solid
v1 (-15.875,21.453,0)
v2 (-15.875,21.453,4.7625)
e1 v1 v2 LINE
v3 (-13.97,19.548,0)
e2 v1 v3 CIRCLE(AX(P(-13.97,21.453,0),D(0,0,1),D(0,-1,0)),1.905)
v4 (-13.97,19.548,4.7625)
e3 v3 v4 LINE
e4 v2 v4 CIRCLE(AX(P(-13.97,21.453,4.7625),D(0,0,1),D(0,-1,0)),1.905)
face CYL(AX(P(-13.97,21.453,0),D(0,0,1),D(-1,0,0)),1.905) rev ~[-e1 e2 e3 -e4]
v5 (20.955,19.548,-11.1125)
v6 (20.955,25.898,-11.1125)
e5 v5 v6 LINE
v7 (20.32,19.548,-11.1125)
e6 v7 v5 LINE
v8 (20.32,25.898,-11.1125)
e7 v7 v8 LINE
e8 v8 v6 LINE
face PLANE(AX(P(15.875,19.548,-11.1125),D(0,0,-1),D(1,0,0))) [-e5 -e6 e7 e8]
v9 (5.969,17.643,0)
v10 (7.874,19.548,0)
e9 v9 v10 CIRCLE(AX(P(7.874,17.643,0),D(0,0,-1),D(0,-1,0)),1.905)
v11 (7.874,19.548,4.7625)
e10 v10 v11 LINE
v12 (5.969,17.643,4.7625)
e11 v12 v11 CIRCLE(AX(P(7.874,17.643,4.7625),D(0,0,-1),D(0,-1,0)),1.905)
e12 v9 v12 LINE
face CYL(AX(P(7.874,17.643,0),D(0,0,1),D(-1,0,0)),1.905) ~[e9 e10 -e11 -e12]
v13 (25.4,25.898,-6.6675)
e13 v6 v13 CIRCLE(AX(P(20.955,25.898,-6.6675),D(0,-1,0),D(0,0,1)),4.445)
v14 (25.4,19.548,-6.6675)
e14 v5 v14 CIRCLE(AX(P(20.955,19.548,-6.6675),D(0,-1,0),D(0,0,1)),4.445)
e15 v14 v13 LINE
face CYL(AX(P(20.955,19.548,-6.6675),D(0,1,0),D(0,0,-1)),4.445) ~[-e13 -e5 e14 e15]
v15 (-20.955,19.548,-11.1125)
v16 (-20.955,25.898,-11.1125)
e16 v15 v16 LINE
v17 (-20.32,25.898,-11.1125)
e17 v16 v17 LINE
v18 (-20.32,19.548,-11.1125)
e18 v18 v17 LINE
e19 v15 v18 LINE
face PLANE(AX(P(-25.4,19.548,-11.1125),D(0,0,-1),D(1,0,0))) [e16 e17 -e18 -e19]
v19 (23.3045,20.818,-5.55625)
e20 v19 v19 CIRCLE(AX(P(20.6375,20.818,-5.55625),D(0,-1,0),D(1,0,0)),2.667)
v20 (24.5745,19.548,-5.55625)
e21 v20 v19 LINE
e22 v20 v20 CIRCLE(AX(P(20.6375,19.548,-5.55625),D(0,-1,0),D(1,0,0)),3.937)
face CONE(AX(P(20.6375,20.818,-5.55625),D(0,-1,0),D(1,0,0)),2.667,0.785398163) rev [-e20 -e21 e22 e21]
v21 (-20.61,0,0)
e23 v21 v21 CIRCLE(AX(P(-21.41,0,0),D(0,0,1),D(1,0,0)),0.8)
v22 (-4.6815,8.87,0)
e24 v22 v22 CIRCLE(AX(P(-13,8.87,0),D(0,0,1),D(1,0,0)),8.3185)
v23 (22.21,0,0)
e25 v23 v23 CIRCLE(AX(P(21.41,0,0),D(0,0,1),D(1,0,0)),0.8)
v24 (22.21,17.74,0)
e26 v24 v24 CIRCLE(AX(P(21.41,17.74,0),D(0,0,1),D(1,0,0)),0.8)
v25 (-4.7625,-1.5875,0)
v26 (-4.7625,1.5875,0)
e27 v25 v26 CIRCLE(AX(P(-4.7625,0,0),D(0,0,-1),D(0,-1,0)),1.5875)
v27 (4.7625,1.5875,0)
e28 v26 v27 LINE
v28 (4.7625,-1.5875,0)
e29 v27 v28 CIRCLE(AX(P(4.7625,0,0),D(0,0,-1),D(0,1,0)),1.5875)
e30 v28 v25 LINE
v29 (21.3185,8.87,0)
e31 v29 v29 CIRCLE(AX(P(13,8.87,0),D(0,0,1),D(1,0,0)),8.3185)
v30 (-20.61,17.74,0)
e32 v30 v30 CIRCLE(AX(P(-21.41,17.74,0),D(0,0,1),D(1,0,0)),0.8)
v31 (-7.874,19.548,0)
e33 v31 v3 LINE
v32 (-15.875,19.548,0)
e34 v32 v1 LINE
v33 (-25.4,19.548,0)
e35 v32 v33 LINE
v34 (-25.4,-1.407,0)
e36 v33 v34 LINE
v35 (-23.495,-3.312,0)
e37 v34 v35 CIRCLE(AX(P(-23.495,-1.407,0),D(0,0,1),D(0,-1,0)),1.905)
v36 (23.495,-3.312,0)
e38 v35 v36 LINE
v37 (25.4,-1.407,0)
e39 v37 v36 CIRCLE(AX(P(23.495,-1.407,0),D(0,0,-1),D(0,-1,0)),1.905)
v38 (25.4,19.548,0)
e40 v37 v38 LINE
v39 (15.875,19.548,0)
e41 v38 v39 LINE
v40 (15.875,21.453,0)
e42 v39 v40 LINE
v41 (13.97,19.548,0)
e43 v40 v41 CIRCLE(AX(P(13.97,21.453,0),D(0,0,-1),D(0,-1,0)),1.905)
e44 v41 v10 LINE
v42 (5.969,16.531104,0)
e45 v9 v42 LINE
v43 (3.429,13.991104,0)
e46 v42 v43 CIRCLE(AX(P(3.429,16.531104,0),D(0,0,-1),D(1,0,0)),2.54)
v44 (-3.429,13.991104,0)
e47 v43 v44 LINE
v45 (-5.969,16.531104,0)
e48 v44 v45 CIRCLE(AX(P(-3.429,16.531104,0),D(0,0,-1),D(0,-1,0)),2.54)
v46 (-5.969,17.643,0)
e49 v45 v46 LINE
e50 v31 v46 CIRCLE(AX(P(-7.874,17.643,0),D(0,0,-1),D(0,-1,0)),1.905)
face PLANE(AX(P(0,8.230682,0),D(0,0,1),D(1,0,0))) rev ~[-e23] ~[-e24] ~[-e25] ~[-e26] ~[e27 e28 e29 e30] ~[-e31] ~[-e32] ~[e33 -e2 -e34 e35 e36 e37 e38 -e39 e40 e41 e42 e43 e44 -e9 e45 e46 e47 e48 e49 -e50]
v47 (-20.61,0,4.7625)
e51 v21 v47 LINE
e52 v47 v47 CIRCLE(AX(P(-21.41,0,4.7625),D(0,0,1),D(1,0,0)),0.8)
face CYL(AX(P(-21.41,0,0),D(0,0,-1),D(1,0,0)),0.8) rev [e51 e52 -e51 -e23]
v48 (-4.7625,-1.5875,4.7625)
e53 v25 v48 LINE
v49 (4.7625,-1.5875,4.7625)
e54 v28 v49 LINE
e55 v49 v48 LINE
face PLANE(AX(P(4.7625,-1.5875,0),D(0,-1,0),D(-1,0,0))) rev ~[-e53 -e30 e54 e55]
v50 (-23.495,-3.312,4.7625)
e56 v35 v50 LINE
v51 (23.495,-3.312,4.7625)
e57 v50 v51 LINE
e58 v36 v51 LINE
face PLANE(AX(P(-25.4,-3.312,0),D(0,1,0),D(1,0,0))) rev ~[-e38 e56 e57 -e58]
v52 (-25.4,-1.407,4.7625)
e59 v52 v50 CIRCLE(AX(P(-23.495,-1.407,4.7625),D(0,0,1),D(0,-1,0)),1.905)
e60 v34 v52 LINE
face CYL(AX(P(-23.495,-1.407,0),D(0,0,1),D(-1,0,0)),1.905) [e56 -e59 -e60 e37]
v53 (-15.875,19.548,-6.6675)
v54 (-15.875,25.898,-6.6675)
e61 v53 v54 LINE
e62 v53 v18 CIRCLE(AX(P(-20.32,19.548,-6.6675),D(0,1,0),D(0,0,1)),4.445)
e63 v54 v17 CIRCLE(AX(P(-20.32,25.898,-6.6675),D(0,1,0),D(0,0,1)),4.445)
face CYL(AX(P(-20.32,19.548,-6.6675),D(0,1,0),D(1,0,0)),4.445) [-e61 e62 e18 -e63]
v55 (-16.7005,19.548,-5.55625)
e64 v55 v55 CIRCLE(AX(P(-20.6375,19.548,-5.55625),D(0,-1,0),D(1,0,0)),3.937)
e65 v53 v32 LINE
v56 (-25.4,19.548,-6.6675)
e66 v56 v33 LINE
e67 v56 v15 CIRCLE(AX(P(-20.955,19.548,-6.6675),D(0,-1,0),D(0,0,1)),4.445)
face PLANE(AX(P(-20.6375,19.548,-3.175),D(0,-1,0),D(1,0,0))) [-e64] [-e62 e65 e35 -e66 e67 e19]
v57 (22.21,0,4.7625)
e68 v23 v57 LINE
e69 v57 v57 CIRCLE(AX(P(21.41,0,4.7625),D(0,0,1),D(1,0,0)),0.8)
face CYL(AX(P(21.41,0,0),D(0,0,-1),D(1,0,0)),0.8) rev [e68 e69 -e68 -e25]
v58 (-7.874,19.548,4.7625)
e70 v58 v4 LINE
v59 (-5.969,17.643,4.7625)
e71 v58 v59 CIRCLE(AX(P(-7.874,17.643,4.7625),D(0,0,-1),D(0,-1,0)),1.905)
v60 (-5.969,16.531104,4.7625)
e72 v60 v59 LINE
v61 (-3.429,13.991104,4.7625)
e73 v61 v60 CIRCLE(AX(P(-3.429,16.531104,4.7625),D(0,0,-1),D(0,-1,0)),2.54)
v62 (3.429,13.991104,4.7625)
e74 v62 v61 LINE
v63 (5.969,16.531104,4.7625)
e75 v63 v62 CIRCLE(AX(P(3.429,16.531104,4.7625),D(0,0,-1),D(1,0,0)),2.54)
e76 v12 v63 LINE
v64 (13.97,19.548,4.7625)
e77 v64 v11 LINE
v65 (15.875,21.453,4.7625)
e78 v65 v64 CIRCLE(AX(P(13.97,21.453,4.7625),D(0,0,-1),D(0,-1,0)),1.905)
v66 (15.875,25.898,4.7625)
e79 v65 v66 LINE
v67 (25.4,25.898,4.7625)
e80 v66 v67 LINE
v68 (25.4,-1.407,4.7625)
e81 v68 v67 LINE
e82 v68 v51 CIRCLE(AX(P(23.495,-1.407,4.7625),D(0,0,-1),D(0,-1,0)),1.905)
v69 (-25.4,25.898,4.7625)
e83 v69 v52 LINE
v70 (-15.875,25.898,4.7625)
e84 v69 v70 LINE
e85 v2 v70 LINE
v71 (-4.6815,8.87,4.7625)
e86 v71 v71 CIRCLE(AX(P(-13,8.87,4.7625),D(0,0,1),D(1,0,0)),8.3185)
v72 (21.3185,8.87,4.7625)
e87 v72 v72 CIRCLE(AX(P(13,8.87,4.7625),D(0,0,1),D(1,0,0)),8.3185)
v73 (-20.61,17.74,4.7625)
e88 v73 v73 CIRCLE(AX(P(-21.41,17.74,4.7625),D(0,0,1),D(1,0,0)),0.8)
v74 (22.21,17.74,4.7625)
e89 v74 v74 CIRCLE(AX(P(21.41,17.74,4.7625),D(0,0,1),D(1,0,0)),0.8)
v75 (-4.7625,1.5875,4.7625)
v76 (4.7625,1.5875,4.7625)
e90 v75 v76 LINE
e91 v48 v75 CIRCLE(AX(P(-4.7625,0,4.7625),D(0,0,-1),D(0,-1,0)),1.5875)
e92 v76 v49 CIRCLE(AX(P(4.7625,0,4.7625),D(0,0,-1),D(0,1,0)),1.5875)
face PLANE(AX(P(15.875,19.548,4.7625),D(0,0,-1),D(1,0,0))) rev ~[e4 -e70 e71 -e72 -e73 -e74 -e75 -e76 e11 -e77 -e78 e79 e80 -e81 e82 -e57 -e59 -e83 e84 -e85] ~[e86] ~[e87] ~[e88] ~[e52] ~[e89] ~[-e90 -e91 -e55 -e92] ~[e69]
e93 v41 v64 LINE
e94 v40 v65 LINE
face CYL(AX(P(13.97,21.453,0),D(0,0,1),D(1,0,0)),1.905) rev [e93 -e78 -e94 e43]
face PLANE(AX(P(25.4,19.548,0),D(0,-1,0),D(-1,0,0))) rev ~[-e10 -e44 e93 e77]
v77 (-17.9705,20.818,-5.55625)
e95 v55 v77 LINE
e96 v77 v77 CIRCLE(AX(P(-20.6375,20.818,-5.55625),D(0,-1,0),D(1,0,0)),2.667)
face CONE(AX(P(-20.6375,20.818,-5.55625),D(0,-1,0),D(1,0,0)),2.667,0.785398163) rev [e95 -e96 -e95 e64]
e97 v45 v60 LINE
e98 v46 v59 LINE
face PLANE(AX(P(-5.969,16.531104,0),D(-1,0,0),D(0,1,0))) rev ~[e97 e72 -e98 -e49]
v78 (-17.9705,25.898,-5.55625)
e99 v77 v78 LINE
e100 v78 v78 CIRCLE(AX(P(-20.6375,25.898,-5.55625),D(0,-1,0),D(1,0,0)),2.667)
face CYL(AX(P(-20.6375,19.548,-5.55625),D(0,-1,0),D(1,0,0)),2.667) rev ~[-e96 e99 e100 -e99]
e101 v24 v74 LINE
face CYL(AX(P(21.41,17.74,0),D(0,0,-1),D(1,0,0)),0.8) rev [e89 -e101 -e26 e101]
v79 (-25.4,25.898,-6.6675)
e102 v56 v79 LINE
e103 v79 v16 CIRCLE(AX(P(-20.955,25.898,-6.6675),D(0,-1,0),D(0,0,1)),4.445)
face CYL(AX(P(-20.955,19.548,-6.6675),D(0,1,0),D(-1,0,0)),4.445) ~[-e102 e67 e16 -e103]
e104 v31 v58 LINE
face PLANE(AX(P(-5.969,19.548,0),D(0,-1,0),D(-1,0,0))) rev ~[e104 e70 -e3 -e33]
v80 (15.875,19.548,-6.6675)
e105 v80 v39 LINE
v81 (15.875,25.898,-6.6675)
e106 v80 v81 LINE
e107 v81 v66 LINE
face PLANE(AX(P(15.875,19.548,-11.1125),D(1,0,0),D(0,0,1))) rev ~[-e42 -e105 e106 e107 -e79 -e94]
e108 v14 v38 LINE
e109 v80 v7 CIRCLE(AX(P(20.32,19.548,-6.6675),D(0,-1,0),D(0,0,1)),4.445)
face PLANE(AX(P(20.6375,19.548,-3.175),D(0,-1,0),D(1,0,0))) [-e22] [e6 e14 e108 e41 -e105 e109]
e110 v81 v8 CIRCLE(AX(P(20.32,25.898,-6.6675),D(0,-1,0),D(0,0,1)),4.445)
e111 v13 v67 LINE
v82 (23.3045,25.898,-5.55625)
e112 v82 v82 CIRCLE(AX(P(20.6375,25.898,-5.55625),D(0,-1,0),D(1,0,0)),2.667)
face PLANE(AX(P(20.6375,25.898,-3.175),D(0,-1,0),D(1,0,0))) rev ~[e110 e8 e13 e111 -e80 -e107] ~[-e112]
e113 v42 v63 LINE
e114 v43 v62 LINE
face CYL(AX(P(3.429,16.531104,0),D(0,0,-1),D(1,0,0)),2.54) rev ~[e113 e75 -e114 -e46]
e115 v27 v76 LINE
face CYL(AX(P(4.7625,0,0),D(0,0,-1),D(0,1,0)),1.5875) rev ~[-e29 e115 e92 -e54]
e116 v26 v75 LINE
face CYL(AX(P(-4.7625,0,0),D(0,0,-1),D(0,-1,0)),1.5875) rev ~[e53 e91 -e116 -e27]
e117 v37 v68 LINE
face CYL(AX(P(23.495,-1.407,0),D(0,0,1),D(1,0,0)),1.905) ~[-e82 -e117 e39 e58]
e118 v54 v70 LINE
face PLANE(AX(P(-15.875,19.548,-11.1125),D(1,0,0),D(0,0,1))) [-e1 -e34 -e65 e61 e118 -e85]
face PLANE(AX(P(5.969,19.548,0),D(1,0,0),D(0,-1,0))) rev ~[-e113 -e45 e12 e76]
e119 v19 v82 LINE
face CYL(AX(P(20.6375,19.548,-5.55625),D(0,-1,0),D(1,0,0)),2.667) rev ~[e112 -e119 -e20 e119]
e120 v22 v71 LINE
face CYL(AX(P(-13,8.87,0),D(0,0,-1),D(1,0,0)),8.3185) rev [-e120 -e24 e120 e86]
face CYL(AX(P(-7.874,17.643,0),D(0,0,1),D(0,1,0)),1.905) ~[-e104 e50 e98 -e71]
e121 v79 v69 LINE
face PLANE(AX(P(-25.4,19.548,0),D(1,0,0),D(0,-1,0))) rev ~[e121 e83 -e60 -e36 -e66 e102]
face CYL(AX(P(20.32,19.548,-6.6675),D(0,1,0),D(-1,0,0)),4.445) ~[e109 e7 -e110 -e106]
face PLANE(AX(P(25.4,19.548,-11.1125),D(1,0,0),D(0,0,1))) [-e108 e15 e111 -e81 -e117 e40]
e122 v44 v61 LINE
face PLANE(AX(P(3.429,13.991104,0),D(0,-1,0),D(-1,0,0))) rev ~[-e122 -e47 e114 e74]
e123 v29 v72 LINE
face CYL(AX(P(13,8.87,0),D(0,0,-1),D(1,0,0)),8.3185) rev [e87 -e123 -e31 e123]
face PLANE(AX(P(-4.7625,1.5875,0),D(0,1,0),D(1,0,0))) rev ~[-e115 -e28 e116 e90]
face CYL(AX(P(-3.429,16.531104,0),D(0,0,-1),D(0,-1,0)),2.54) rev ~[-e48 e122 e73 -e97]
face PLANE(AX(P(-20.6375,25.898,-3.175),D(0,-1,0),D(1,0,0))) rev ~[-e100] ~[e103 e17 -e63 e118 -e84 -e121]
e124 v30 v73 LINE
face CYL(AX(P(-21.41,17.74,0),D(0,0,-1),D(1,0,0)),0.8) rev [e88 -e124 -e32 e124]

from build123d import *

# Parameters (mm, degrees)
SKETCH10_R          = 0.8
SKETCH10_R_2        = 8.3185
BOSS_EXTRUDE1_DEPTH = 4.7625
SKETCH11_W          = 9.525
SKETCH11_H          = 15.875
BOSS_EXTRUDE2_DEPTH = 6.35
FILLET1_R           = 1.905
SKETCH12_R          = 2.667
CUT_EXTRUDE1_DEPTH  = 7.35
FILLET2_R           = 4.445
CHAMFER1_SIZE       = 1.27


with BuildPart() as part:
    # Sketch10 → Boss-Extrude1 (new body)
    with BuildSketch(Plane.XY):
        with BuildLine():
            Line((5.969, 19.548), (5.969, 16.531104381))
            ThreePointArc((5.969, 16.531104381), (5.225051224, 14.735053157), (3.429, 13.991104381))
            Line((3.429, 13.991104381), (-3.429, 13.991104381))
            ThreePointArc((-3.429, 13.991104381), (-5.225051224, 14.735053157), (-5.969, 16.531104381))
            Line((-5.969, 16.531104381), (-5.969, 19.548))
            Line((-5.969, 19.548), (-25.4, 19.548))
            Line((-25.4, 19.548), (-25.4, -3.312))
            Line((-25.4, -3.312), (25.4, -3.312))
            Line((25.4, -3.312), (25.4, 19.548))
            Line((25.4, 19.548), (5.969, 19.548))
        make_face()
        with Locations((21.41, 17.74)):
            Circle(SKETCH10_R, mode=Mode.SUBTRACT)
        with Locations((21.41, 0)):
            Circle(SKETCH10_R, mode=Mode.SUBTRACT)
        with Locations((-21.41, 17.74)):
            Circle(SKETCH10_R, mode=Mode.SUBTRACT)
        with Locations((-21.41, 0)):
            Circle(SKETCH10_R, mode=Mode.SUBTRACT)
        with Locations((13, 8.87)):
            Circle(SKETCH10_R_2, mode=Mode.SUBTRACT)
        with Locations((-13, 8.87)):
            Circle(SKETCH10_R_2, mode=Mode.SUBTRACT)
        with BuildLine():
            Line((-4.7625, 1.5875), (4.7625, 1.5875))
            ThreePointArc((4.7625, 1.5875), (6.35, 0), (4.7625, -1.5875))
            Line((4.7625, -1.5875), (-4.7625, -1.5875))
            ThreePointArc((-4.7625, -1.5875), (-6.35, 0), (-4.7625, 1.5875))
        make_face(mode=Mode.SUBTRACT)
    extrude(amount=BOSS_EXTRUDE1_DEPTH)

    # Sketch11 → Boss-Extrude2 (add)
    with BuildSketch(Plane.XZ.offset(-19.548)):
        with Locations((20.6375, -3.175)):
            Rectangle(SKETCH11_W, SKETCH11_H)
        with Locations((-20.6375, -3.175)):
            Rectangle(SKETCH11_W, SKETCH11_H)
    extrude(amount=-BOSS_EXTRUDE2_DEPTH)

    # Fillet1
    fillet1_edges = [part.edges().sort_by_distance(p)[0] for p in [
        (25.4, -3.312, 2.38125),
        (-25.4, -3.312, 2.38125),
        (-5.969, 19.548, 2.38125),
        (5.969, 19.548, 2.38125),
        (15.875, 19.548, 2.38125),
        (-15.875, 19.548, 2.38125),
    ]]
    fillet(fillet1_edges, radius=FILLET1_R)

    # Sketch12 → Cut-Extrude1 (cut, through all)
    with BuildSketch(Plane.XZ.offset(-19.548)):
        with Locations((-20.6375, -5.55625)):
            Circle(SKETCH12_R)
        with Locations((20.6375, -5.55625)):
            Circle(SKETCH12_R)
    extrude(amount=-CUT_EXTRUDE1_DEPTH, mode=Mode.SUBTRACT)

    # Fillet2
    fillet2_edges = [part.edges().sort_by_distance(p)[0] for p in [
        (25.4, 22.723, -11.1125),
        (15.875, 22.723, -11.1125),
        (-15.875, 22.723, -11.1125),
        (-25.4, 22.723, -11.1125),
    ]]
    fillet(fillet2_edges, radius=FILLET2_R)

    # Chamfer1
    chamfer1_edges = [part.edges().sort_by_distance(p)[0] for p in [
        (-23.3045, 19.548, -5.55625),
        (17.9705, 19.548, -5.55625),
    ]]
    chamfer(chamfer1_edges, length=CHAMFER1_SIZE)


solid = part.part
